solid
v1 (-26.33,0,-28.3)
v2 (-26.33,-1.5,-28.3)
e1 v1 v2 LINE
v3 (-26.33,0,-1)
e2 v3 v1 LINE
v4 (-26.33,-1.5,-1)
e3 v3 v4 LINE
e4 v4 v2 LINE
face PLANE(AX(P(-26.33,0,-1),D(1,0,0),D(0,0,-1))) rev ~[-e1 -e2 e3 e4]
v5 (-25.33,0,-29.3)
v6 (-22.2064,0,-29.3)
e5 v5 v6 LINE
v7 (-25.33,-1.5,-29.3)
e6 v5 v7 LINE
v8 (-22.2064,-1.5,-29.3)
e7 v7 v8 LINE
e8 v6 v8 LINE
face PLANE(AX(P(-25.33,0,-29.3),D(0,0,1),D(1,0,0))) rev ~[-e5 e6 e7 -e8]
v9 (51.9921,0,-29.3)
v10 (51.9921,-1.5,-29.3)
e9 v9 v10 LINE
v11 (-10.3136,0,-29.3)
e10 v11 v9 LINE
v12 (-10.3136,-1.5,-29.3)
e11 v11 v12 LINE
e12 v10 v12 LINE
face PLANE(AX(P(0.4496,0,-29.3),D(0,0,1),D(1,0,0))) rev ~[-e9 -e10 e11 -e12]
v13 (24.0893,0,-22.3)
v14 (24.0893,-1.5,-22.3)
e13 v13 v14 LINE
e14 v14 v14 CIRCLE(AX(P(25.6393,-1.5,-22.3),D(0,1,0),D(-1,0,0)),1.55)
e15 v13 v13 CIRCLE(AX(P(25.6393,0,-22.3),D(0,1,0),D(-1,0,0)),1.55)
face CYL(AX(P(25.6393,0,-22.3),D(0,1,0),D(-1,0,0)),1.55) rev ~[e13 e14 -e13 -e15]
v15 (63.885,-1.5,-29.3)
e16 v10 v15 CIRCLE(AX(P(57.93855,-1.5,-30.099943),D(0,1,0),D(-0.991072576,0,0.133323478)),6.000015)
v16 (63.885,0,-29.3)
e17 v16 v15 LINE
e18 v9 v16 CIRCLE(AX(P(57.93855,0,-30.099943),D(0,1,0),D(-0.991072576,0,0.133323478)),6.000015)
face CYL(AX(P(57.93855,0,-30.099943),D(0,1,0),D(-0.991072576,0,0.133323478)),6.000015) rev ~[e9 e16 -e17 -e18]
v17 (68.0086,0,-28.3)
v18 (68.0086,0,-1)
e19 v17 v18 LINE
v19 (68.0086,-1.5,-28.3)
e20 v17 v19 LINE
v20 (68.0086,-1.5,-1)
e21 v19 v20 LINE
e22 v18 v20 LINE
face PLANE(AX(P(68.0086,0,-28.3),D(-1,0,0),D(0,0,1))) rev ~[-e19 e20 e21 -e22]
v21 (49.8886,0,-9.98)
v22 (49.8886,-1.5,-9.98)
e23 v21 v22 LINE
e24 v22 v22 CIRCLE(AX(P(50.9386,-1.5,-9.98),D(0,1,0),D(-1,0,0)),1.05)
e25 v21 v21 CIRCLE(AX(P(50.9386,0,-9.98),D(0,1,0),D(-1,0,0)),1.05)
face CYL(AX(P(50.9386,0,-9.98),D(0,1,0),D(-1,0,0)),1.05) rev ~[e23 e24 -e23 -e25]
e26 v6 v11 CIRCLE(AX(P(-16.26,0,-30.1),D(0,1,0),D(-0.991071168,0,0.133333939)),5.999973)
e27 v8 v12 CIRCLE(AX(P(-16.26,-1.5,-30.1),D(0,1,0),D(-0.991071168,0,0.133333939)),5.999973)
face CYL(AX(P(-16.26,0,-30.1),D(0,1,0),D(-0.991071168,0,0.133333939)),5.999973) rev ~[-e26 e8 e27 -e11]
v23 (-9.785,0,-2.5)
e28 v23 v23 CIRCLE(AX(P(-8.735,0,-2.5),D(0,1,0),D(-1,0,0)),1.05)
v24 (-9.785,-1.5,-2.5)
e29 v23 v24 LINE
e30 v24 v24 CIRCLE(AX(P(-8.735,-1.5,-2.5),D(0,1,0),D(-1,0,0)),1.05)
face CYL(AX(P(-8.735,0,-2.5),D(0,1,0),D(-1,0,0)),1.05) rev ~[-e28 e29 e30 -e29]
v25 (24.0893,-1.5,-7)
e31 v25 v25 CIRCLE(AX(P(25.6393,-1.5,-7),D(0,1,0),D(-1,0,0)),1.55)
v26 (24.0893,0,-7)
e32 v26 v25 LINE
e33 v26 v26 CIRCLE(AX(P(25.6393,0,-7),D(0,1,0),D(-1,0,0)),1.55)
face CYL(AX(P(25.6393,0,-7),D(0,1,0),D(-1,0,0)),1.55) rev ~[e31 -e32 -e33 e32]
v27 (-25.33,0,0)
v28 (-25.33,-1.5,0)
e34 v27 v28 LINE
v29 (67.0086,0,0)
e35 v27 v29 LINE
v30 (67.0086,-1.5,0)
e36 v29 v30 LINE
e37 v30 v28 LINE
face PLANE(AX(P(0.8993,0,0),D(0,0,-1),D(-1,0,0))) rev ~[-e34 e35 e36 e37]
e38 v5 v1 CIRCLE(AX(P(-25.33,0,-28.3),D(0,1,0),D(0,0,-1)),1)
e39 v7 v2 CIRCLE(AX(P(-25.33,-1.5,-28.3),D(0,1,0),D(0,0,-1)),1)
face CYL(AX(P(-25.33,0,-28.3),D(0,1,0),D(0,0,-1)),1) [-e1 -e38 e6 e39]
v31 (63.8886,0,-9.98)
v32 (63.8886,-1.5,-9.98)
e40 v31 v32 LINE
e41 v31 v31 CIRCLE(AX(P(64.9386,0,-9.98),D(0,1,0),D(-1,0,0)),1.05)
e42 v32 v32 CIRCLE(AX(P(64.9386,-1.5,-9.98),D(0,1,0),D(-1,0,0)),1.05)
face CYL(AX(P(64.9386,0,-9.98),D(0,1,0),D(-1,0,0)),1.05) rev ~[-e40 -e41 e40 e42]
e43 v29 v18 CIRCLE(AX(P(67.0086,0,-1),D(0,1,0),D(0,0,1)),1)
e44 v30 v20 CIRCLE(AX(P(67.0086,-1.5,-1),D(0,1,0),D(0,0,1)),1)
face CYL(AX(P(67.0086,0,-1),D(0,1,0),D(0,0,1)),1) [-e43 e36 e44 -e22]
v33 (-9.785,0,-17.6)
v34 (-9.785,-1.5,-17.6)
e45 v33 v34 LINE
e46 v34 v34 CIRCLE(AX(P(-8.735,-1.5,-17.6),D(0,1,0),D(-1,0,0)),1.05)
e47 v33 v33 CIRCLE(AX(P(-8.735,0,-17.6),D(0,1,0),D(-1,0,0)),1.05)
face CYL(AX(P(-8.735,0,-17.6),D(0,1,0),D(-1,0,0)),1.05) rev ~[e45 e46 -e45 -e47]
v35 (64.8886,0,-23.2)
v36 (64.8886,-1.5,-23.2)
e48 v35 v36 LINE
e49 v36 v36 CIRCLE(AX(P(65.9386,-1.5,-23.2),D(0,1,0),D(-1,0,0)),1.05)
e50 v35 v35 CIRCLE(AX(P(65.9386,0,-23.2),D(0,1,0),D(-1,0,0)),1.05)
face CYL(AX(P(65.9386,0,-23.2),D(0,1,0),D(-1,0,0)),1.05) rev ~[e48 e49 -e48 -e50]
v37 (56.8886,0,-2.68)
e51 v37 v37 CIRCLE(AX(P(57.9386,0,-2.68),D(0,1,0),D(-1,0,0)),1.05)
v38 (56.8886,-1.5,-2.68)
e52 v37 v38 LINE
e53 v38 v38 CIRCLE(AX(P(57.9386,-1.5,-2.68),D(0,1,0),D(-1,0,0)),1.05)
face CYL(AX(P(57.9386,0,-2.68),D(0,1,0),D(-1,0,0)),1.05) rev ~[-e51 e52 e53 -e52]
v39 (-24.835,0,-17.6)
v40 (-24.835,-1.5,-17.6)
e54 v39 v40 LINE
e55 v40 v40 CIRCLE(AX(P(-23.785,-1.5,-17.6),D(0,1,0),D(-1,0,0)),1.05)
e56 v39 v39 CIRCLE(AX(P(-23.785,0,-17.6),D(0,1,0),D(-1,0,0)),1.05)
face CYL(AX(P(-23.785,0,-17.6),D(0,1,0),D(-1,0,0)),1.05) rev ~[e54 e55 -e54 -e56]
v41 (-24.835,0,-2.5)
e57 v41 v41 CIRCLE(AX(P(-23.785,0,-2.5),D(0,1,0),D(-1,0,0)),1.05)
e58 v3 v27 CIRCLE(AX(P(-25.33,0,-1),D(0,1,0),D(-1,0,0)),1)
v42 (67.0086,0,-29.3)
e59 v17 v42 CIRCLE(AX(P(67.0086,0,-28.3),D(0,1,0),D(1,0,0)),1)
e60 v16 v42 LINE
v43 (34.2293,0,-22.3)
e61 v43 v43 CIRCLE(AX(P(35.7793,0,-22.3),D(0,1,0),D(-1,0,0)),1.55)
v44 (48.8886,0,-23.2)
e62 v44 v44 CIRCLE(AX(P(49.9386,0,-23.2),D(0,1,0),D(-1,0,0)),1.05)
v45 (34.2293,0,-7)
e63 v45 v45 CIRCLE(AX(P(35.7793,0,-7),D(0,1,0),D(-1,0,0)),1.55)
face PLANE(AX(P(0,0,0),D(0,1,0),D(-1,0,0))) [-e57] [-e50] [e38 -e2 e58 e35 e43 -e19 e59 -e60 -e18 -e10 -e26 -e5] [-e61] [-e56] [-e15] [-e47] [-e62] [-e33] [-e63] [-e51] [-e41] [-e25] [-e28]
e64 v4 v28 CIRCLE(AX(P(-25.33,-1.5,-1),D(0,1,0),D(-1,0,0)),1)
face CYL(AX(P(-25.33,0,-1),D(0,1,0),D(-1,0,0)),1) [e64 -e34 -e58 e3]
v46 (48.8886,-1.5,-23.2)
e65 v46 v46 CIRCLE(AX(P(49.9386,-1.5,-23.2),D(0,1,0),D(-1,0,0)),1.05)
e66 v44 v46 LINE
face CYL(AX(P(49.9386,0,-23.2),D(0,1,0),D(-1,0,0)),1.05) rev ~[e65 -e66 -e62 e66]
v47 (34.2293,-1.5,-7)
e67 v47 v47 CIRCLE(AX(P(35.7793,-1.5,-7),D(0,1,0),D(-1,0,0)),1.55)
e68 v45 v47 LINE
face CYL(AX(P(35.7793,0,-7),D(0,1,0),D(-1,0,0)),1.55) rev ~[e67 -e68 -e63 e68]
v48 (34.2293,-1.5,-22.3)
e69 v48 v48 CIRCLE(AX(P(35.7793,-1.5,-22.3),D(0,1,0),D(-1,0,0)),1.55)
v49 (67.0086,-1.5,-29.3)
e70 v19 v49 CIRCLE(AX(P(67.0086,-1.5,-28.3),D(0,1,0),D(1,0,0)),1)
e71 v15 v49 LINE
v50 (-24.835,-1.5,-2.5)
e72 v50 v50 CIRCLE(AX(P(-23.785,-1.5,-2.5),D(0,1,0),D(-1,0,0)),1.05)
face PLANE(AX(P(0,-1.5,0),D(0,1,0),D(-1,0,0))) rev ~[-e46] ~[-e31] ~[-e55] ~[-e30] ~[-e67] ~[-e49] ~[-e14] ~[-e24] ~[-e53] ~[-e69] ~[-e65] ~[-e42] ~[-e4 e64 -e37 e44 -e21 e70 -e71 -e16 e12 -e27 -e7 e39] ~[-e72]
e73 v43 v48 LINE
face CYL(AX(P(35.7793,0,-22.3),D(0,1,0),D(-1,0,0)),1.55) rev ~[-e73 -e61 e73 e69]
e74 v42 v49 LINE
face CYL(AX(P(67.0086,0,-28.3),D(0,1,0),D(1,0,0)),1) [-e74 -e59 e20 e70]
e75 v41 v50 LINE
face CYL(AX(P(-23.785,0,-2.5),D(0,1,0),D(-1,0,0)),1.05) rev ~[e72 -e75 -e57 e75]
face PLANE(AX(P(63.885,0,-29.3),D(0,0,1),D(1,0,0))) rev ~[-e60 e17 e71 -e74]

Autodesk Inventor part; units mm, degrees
ref_plane "YZ Plane" through (0, 0, 0) normal (1, 0, 0) x (0, 1, 0)
ref_plane "XZ Plane" through (0, 0, 0) normal (0, 1, 0) x (-1, 0, 0)
ref_plane "XY Plane" through (0, 0, 0) normal (0, 0, 1) x (1, 0, 0)
sketch "Sketch1" plane through (0, 0, 0) normal (0, 1, 0) x (-1, 0, 0)
  line L0 (-0.4496, -29.3) -> (-0.4496, 0)
  line L1 (-41.2289, 0) -> (-41.2289, -29.3)
  circle A0 centre (-49.9386, -23.2) radius 1.05
  circle A1 centre (-50.9386, -9.98) radius 1.05
  circle A2 centre (-57.9386, -2.68) radius 1.05
  circle A3 centre (-64.9386, -9.98) radius 1.05
  circle A4 centre (-65.9386, -23.2) radius 1.05
  circle A5 centre (23.785, -2.5) radius 1.05
  circle A6 centre (8.735, -2.5) radius 1.05
  circle A7 centre (23.785, -17.6) radius 1.05
  circle A8 centre (8.735, -17.6) radius 1.05
  circle A9 centre (-25.6393, -7) radius 1.55
  circle A10 centre (-35.7793, -7) radius 1.55
  circle A11 centre (-25.6393, -22.3) radius 1.55
  circle A12 centre (-35.7793, -22.3) radius 1.55
  arc A13 (-67.0086, 0) -> (-68.0086, -1) centre (-67.0086, -1) ccw
  line L2 (-67.0086, 0) -> (25.33, 0)
  line L3 (-68.0086, -28.3) -> (-68.0086, -1)
  arc A14 (-68.0086, -28.3) -> (-67.0086, -29.3) centre (-67.0086, -28.3) ccw
  line L4 (-63.885, -29.3) -> (-67.0086, -29.3)
  arc A15 (-51.9921, -29.3) -> (-63.885, -29.3) centre (-57.9386, -30.1) ccw
  line L5 (10.3136, -29.3) -> (-51.9921, -29.3)
  arc A16 (22.2064, -29.3) -> (10.3136, -29.3) centre (16.26, -30.1) ccw
  line L6 (25.33, -29.3) -> (22.2064, -29.3)
  arc A17 (25.33, -29.3) -> (26.33, -28.3) centre (25.33, -28.3) ccw
  line L7 (26.33, -1) -> (26.33, -28.3)
  arc A18 (26.33, -1) -> (25.33, 0) centre (25.33, -1) ccw
  line L8 (-41.6786, -29.3) -> (-41.6786, 0)
  line L9 (-40.7793, 0) -> (-40.7793, -29.3)
  line L10 (-0.8993, -29.3) -> (-0.8993, 0)
  line L11 (0, 0) -> (0, -29.3)
  point P0 (0, 0)
extrude "Extrusion1" add sketch "Sketch1" against normal blind 1.5
properties part number "axis_22_bottom_frame"
